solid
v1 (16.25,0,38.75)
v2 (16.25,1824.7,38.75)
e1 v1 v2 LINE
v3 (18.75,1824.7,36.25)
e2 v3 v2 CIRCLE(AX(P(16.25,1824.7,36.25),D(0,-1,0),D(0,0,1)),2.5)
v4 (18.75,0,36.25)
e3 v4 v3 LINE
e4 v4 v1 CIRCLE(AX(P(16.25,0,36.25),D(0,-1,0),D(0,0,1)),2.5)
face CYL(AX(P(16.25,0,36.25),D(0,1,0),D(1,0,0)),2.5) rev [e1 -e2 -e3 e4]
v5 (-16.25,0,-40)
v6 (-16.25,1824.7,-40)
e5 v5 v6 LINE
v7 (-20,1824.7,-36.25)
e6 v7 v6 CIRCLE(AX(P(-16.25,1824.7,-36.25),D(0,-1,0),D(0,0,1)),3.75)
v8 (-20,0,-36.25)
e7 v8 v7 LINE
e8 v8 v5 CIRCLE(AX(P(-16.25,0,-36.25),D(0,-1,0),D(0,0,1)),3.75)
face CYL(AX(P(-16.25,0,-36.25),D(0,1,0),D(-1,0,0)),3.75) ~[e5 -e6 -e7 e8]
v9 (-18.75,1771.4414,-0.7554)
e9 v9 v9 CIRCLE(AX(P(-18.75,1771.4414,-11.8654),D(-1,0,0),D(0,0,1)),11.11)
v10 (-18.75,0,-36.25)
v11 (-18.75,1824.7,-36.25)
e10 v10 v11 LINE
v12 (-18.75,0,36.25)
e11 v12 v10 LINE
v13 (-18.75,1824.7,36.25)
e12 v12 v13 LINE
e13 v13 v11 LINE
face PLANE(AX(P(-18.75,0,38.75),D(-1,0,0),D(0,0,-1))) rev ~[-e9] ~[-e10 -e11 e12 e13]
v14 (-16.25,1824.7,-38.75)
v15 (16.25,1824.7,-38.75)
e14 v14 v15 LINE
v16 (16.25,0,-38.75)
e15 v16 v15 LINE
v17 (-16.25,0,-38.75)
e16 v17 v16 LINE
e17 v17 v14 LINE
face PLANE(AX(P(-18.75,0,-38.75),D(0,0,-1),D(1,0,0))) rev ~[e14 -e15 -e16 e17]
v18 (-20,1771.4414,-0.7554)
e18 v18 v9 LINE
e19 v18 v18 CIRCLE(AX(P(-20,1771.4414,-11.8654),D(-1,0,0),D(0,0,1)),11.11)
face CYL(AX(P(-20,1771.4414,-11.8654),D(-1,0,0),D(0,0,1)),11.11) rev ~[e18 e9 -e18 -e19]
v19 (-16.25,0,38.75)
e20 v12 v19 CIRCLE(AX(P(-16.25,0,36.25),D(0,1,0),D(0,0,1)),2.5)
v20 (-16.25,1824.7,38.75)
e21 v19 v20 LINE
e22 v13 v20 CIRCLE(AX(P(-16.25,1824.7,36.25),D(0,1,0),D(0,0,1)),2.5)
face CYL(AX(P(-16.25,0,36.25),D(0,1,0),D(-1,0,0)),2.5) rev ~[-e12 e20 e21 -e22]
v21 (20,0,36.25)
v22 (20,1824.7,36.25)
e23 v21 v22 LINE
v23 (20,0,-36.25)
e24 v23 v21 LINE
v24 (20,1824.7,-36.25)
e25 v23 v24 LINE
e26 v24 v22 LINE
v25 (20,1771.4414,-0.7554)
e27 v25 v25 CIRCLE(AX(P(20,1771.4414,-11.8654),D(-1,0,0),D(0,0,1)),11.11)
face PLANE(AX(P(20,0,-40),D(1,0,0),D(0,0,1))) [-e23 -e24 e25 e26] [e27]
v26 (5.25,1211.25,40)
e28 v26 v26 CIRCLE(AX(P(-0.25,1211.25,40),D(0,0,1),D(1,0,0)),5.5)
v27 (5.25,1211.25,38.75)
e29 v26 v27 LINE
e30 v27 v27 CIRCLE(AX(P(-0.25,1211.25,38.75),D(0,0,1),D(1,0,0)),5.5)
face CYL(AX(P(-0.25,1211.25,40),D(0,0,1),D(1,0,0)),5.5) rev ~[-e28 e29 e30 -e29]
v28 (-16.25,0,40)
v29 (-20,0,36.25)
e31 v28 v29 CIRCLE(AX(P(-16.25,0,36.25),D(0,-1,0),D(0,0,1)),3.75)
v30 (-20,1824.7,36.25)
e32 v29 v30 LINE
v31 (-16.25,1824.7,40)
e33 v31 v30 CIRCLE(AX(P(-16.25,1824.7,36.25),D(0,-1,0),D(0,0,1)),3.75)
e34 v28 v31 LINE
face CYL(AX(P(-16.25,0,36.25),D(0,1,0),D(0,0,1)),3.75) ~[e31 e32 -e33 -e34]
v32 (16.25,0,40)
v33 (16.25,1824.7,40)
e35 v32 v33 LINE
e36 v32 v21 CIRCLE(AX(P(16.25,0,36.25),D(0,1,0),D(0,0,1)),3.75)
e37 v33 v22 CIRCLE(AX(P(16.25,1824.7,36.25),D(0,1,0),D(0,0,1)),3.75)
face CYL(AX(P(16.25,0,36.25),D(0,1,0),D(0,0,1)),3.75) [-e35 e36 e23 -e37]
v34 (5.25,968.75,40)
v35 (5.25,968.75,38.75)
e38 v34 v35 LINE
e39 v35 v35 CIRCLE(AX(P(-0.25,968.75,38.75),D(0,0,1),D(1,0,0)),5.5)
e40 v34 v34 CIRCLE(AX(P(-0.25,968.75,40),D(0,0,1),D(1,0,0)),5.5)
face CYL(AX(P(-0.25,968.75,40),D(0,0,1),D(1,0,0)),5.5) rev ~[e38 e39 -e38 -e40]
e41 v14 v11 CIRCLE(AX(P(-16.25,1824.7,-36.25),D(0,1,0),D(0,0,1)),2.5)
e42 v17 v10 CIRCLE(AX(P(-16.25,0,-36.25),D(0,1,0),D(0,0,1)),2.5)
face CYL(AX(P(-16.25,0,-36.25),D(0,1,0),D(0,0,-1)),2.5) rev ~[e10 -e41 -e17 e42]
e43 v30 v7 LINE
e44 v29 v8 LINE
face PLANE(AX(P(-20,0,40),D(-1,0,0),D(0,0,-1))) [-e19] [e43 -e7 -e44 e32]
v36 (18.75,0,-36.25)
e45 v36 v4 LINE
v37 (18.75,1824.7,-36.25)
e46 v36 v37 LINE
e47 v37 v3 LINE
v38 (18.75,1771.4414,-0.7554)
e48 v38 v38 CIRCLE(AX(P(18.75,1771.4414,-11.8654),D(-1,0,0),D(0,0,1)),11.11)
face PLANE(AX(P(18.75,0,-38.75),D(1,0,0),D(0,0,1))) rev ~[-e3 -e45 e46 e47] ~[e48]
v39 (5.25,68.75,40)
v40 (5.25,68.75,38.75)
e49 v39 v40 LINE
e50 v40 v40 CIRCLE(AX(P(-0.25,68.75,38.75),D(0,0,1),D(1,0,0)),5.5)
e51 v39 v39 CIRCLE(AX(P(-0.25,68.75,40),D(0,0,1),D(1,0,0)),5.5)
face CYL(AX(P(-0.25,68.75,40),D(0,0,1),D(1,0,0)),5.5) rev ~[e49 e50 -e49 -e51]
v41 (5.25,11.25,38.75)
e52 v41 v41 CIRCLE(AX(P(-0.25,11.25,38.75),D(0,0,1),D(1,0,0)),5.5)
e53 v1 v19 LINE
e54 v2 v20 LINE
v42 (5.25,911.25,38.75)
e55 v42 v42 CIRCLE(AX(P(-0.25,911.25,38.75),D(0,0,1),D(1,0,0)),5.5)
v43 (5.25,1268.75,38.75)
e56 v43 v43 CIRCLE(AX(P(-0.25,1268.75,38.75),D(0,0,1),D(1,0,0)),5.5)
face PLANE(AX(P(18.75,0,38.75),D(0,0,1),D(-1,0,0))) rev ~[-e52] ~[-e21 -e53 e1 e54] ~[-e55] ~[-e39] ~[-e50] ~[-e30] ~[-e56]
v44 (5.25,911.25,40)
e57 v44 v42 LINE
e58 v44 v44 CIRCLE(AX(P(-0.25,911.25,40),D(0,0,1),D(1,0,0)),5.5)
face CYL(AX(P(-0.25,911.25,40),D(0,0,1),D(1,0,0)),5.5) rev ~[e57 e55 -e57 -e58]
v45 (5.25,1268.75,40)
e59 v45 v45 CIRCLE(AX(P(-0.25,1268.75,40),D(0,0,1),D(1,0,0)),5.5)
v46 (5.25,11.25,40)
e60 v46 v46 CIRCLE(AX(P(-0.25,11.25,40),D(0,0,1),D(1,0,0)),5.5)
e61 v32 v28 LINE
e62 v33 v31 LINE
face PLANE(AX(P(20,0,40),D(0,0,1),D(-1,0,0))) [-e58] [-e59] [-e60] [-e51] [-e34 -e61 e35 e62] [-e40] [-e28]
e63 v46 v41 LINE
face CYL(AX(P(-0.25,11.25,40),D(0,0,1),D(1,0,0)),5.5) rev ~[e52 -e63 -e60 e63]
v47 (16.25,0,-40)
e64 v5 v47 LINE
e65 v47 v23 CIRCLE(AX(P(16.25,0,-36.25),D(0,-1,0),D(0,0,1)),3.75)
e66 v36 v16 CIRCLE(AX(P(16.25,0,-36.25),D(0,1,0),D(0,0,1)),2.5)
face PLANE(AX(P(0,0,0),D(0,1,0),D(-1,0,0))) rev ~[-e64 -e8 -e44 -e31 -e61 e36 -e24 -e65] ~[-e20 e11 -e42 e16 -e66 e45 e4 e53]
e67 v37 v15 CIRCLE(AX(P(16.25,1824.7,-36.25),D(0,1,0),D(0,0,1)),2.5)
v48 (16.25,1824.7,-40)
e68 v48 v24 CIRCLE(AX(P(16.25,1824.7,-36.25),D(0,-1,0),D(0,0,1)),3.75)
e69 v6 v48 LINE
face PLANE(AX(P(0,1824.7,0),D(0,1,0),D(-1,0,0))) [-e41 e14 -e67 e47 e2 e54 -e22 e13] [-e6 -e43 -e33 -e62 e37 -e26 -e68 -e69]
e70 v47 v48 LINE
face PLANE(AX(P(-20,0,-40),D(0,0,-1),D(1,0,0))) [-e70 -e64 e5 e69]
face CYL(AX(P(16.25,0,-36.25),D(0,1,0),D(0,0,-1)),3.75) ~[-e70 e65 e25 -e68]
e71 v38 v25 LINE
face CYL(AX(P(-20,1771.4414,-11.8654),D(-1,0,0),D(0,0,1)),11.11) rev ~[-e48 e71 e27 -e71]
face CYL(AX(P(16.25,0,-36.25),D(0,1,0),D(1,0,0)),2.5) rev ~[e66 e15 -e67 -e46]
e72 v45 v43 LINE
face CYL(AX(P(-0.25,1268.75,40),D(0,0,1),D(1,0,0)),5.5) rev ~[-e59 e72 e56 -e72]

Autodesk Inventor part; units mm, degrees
ref_plane "YZ Plane" through (0, 0, 0) normal (1, 0, 0) x (0, 1, 0)
ref_plane "XZ Plane" through (0, 0, 0) normal (0, 1, 0) x (-1, 0, 0)
ref_plane "XY Plane" through (0, 0, 0) normal (0, 0, 1) x (1, 0, 0)
sketch "Sketch1" plane through (0, 0, 0) normal (0, 1, 0) x (-1, 0, 0)
  line L0 (-20, 40) -> (20, 40)
  line L1 (20, 40) -> (20, -40)
  line L2 (20, -40) -> (-20, -40)
  line L3 (-20, -40) -> (-20, 40)
  line L4 (-20, 40) -> (20, -40) construction
  line L5 (20, 40) -> (-20, -40) construction
  line L6 (-18.75, 38.75) -> (18.75, 38.75)
  line L7 (18.75, 38.75) -> (18.75, -38.75)
  line L8 (18.75, -38.75) -> (-18.75, -38.75)
  line L9 (-18.75, -38.75) -> (-18.75, 38.75)
  line L10 (-18.75, 38.75) -> (18.75, -38.75) construction
  line L11 (18.75, 38.75) -> (-18.75, -38.75) construction
  point P0 (0, 0)
  dimension "d0" = 40
  dimension "d1" = 80
  dimension "d2" = 37.5
  dimension "d19" = 77.5
extrude "Extrusion1" add sketch "Sketch1" along normal blind 1824.7
fillet "Fillet1" radius 2.5 4 edges at (-18.75, 912.35, 38.75) (18.75, 912.35, -38.75) (18.75, 912.35, 38.75) (-18.75, 912.35, -38.75)
fillet "Fillet1" radius 3.75 4 edges at (20, 912.35, 40) (-20, 912.35, 40) (20, 912.35, -40) (-20, 912.35, -40)
sketch "Boceto3" plane through (-16.25, 0, 40) normal (0, 0, 1) x (1, 0, 0)
  circle A0 centre (16, 11.25) radius 4.5 projected
  circle A1 centre (16, 68.75) radius 4.5 projected
  circle A2 centre (16, 911.25) radius 4.5 projected
  circle A3 centre (16, 968.75) radius 4.5 projected
  circle A4 centre (16, 1268.75) radius 4.5 projected
  circle A5 centre (16, 1211.25) radius 4.5 projected
  circle A6 centre (16, 11.25) radius 5.5
  circle A7 centre (16, 68.75) radius 5.5
  circle A8 centre (16, 911.25) radius 5.5
  circle A9 centre (16, 968.75) radius 5.5
  circle A10 centre (16, 1268.75) radius 5.5
  circle A11 centre (16, 1211.25) radius 5.5
  point P0 (16.25, 0)
  dimension "d11" = 11
  dimension "d12" = 11
  dimension "d13" = 11
  dimension "d14" = 11
  dimension "d15" = 11
  dimension "d16" = 11
extrude "Extrusión3" cut sketch "Boceto3" against normal blind 10 contours A0 | A1 | A2 | A3 | A4 | A5 | A6 | A7 | A8 | A9 | A10 | A11
sketch "Sketch6" plane through (-20, 0, -36.25) normal (-1, 0, 0) x (0, 0, 1)
  point P0 (36.25, 0)
sketch "Sketch8" plane through (-20, 0, -36.25) normal (-1, 0, 0) x (0, 0, 1)
  circle A0 centre (24.3846, 1771.4414) radius 11.11 projected
  point P0 (36.25, 0)
extrude "Extrusion7" cut sketch "Sketch8" against normal through all
properties part number "tubo1-40x40x1800" material "Acero, carbono"
